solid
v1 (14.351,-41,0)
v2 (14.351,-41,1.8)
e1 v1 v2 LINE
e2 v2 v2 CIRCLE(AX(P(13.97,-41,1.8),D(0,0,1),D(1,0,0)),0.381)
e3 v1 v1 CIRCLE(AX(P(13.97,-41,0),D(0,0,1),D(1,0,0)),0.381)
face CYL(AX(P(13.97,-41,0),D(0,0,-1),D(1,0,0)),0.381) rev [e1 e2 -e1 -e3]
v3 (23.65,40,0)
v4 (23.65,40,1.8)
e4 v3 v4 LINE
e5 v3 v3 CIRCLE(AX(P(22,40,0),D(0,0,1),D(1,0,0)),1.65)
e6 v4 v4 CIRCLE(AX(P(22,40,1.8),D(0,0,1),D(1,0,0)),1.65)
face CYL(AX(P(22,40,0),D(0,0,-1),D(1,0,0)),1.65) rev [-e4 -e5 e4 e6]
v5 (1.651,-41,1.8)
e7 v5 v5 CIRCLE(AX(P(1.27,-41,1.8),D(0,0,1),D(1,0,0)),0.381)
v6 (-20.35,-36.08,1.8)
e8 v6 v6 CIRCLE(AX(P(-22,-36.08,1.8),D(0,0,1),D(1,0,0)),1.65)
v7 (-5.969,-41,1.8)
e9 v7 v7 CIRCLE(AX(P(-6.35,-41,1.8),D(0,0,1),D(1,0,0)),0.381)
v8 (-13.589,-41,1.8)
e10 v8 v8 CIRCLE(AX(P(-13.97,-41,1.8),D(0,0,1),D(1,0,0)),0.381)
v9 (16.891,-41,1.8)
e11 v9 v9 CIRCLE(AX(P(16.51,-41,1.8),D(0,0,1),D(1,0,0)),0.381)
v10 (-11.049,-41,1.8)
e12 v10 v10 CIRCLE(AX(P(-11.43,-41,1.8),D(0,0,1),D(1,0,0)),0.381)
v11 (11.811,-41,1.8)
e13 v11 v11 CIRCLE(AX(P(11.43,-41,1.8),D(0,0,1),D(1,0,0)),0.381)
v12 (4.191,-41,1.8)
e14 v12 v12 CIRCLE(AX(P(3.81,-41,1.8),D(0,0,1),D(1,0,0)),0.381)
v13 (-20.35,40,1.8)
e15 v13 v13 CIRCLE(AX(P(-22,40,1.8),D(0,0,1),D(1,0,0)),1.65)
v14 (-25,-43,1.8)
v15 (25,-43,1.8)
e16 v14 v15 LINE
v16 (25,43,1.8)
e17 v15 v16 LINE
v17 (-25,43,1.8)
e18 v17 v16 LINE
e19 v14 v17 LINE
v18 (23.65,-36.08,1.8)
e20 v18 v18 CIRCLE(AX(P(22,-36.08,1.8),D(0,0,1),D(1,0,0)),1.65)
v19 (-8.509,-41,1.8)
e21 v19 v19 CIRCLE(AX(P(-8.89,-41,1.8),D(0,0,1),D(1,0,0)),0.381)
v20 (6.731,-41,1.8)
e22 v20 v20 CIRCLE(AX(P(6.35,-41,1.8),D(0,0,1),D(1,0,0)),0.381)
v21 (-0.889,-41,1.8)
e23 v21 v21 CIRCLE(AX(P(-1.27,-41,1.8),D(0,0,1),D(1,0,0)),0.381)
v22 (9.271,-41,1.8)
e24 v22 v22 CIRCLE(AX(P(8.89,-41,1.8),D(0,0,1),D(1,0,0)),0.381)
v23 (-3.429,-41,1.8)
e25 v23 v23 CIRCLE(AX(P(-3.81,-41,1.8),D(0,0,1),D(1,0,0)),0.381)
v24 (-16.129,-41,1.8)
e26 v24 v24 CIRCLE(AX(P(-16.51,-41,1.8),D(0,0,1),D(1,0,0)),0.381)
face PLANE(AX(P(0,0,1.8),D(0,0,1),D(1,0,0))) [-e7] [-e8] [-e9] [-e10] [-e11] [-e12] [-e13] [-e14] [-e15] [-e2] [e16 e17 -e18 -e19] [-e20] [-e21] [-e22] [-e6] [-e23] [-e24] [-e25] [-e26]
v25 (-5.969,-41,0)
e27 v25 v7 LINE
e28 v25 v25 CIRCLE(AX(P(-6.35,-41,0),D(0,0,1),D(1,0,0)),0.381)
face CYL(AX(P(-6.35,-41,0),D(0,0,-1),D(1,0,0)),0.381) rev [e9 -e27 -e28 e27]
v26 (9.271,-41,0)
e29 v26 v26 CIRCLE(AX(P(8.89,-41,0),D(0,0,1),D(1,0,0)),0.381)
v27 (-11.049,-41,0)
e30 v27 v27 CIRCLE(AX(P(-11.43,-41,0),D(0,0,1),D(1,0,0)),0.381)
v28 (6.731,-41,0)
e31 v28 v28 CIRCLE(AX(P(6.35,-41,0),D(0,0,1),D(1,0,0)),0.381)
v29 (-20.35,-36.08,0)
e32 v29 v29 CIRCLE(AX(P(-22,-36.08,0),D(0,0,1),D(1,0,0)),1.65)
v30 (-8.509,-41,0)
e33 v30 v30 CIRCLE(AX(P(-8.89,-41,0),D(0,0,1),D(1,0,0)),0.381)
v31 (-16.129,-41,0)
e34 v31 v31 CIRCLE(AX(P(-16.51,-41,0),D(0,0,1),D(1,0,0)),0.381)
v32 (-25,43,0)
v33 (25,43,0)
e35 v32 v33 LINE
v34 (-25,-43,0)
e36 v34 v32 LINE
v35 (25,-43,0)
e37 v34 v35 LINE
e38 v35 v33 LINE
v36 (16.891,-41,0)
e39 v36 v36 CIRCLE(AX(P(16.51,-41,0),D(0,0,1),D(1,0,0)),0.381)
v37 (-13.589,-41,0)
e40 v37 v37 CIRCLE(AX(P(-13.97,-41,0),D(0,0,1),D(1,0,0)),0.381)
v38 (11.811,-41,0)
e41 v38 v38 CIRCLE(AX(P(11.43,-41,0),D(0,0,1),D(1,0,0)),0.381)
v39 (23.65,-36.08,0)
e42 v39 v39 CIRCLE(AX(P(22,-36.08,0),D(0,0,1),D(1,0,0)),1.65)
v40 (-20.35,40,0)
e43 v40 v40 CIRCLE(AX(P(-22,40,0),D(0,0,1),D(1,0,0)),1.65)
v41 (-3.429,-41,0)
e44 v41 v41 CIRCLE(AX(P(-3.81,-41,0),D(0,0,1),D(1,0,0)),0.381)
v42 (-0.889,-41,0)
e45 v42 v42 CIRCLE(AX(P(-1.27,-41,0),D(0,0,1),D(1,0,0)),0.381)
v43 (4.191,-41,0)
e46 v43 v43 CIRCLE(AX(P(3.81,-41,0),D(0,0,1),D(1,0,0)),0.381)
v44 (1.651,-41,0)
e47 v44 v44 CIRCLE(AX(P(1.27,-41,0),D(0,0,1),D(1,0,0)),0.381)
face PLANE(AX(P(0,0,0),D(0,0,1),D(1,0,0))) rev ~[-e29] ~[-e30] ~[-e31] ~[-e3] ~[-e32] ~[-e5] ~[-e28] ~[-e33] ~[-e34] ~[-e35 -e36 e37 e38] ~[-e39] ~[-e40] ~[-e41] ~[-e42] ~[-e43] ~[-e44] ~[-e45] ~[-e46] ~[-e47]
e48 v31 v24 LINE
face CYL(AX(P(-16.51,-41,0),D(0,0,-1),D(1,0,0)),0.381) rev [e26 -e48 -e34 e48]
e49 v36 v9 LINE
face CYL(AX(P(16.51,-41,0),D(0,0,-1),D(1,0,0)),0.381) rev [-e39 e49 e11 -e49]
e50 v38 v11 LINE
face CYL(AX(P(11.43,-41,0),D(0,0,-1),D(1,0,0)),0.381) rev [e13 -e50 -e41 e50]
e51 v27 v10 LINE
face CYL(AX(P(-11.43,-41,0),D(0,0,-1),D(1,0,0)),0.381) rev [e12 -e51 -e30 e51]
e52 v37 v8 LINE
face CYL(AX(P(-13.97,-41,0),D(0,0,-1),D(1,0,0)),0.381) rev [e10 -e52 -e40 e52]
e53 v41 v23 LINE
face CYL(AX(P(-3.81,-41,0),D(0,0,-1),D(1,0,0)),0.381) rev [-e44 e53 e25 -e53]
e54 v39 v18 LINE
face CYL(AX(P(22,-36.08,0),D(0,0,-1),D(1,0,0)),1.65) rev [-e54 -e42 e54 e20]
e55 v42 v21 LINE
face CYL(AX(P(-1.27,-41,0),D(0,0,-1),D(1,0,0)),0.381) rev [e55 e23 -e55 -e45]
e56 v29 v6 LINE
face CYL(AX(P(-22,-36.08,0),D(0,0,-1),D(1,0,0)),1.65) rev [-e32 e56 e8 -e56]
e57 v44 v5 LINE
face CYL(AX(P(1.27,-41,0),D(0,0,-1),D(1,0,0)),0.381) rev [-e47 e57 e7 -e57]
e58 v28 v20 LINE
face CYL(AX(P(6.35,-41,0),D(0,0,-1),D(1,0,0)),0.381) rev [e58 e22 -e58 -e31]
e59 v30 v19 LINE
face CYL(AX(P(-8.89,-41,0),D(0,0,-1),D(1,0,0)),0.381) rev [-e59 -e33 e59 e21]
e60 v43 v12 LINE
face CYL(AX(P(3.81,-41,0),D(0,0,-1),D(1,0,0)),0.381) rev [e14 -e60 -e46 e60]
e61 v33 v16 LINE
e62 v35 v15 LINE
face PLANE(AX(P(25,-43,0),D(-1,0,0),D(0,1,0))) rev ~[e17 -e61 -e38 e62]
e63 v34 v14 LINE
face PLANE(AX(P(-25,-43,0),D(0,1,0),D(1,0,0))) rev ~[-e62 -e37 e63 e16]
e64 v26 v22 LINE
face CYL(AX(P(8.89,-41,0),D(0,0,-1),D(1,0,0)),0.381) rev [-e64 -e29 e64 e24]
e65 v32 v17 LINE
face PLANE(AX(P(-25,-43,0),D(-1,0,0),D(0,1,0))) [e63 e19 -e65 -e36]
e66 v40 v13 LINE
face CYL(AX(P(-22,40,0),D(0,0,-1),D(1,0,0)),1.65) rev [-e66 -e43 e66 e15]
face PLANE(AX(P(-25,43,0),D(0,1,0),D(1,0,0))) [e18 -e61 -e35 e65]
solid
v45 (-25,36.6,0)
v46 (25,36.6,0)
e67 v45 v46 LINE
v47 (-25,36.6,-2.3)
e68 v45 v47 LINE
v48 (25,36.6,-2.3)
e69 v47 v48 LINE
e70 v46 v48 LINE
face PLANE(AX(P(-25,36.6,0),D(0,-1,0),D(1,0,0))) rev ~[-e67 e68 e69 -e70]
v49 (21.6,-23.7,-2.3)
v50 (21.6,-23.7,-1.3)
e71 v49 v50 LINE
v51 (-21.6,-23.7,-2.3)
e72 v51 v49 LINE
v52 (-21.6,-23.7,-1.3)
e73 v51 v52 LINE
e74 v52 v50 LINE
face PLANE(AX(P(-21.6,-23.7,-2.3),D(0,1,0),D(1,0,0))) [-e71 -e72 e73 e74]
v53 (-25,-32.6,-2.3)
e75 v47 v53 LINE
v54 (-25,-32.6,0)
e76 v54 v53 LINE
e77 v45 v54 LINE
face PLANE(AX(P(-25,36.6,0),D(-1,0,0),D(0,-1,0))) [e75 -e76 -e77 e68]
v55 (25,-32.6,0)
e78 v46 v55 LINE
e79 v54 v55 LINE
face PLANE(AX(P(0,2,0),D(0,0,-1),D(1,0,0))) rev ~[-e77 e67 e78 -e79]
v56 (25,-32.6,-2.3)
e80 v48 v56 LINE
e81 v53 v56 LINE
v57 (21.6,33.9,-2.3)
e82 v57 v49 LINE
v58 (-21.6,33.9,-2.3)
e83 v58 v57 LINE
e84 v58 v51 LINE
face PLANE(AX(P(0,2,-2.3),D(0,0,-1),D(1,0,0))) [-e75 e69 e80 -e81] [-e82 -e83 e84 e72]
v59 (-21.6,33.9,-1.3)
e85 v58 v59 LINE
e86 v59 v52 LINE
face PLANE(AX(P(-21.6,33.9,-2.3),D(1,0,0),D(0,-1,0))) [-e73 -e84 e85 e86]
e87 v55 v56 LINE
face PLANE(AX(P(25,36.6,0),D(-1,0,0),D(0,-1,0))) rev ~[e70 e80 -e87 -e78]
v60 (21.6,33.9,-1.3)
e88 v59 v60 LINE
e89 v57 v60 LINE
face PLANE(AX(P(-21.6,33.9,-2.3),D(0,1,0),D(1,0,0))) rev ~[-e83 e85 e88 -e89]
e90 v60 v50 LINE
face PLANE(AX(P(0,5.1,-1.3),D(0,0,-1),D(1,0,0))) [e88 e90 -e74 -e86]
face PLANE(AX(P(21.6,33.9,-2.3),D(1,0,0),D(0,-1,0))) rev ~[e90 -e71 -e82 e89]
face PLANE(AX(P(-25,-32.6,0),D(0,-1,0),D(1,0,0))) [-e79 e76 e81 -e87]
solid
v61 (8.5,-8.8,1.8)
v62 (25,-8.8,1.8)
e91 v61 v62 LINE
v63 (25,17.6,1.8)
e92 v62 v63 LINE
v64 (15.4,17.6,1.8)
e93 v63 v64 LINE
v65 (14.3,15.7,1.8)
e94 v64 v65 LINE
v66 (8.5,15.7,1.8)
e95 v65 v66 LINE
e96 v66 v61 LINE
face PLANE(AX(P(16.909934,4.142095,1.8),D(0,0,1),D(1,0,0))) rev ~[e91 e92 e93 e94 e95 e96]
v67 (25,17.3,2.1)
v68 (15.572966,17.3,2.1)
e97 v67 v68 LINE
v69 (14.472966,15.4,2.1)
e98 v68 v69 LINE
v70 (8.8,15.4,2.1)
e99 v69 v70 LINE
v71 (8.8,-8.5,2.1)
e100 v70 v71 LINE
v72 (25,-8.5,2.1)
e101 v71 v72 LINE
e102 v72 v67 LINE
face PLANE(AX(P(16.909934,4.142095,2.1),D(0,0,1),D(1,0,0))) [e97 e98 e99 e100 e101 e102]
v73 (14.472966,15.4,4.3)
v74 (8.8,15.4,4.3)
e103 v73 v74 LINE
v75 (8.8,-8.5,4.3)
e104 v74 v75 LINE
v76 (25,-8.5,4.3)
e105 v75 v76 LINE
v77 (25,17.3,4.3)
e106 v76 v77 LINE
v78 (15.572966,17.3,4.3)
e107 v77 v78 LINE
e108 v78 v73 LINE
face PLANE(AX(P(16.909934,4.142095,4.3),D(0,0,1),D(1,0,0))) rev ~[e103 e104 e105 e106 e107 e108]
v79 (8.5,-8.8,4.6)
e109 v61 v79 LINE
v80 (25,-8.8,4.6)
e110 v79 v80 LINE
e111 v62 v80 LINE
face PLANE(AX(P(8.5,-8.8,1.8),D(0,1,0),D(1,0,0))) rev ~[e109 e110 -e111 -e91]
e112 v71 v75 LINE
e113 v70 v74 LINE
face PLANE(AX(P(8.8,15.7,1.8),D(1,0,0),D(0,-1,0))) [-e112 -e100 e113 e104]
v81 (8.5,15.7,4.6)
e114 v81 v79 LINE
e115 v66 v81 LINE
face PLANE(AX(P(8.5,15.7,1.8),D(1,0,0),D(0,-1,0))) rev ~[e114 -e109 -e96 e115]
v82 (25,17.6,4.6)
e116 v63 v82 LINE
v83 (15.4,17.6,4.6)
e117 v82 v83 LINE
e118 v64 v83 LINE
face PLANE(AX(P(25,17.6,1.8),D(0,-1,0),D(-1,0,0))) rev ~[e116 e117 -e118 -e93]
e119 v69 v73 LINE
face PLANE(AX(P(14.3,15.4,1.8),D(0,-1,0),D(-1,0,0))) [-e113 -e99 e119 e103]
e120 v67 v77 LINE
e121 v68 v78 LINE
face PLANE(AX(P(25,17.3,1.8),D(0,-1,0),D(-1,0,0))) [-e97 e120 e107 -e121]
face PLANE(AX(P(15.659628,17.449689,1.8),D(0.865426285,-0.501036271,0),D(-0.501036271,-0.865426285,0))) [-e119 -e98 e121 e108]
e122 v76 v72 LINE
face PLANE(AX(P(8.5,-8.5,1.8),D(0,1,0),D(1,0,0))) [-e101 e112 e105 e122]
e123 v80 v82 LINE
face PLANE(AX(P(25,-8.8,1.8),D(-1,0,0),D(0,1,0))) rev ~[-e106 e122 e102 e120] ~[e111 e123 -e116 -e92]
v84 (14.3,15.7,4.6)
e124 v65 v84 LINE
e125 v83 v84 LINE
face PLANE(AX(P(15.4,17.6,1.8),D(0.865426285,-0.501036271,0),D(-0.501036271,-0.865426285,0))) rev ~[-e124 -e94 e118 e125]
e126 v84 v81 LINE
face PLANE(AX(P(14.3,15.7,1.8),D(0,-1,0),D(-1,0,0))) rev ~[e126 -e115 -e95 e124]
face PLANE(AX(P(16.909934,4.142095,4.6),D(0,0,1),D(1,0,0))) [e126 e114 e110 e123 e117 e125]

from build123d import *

# Parameters (mm, degrees)
F0_W     = 50
F0_H     = 86
F0_R     = 1.65
F0_R_2   = 0.381
F1_DEPTH = 1.8
F2_W     = 50
F2_H     = 69.2
F3_DEPTH = 2.3
F4_W     = 43.2
F4_H     = 57.6
F5_DEPTH = 1
F7_DEPTH = 2.8
F8_T     = -0.3


with BuildPart() as f1:
    # F0 (on Top) → F1 (new body)
    with BuildSketch(Plane.XY):
        Rectangle(F0_W, F0_H)
        with Locations((-22, -36.08)):
            Circle(F0_R, mode=Mode.SUBTRACT)
        with Locations((-16.51, -41)):
            Circle(F0_R_2, mode=Mode.SUBTRACT)
        with Locations((-13.97, -41)):
            Circle(F0_R_2, mode=Mode.SUBTRACT)
        with Locations((-11.43, -41)):
            Circle(F0_R_2, mode=Mode.SUBTRACT)
        with Locations((-8.89, -41)):
            Circle(F0_R_2, mode=Mode.SUBTRACT)
        with Locations((-6.35, -41)):
            Circle(F0_R_2, mode=Mode.SUBTRACT)
        with Locations((-3.81, -41)):
            Circle(F0_R_2, mode=Mode.SUBTRACT)
        with Locations((-1.27, -41)):
            Circle(F0_R_2, mode=Mode.SUBTRACT)
        with Locations((1.27, -41)):
            Circle(F0_R_2, mode=Mode.SUBTRACT)
        with Locations((3.81, -41)):
            Circle(F0_R_2, mode=Mode.SUBTRACT)
        with Locations((6.35, -41)):
            Circle(F0_R_2, mode=Mode.SUBTRACT)
        with Locations((8.89, -41)):
            Circle(F0_R_2, mode=Mode.SUBTRACT)
        with Locations((11.43, -41)):
            Circle(F0_R_2, mode=Mode.SUBTRACT)
        with Locations((13.97, -41)):
            Circle(F0_R_2, mode=Mode.SUBTRACT)
        with Locations((16.51, -41)):
            Circle(F0_R_2, mode=Mode.SUBTRACT)
        with Locations((22, -36.08)):
            Circle(F0_R, mode=Mode.SUBTRACT)
        with Locations((-22, 40)):
            Circle(F0_R, mode=Mode.SUBTRACT)
        with Locations((22, 40)):
            Circle(F0_R, mode=Mode.SUBTRACT)
    extrude(amount=F1_DEPTH)


with BuildPart() as f3:
    # F2 (on face) → F3 (new body)
    with BuildSketch(Plane(origin=(0, 0, 0), x_dir=(1, 0, 0), z_dir=(0, 0, -1))):
        with Locations((0, -2)):
            Rectangle(F2_W, F2_H)
    extrude(amount=F3_DEPTH)

    # F4 (on face) → F5 (cut)
    with BuildSketch(Plane(origin=(0, 0, -2.3), x_dir=(1, 0, 0), z_dir=(0, 0, -1))):
        with Locations((0, -5.1)):
            Rectangle(F4_W, F4_H)
    extrude(amount=-F5_DEPTH, mode=Mode.SUBTRACT)


with BuildPart() as f7:
    # F6 (on face) → F7 (new body)
    with BuildSketch(Plane.XY.offset(1.8)):
        Polygon((14.3, 15.7), (8.5, 15.7), (8.5, -8.8), (25, -8.8), (25, 17.6), (15.4, 17.6), align=None)
    extrude(amount=F7_DEPTH)

    # F8
    f8_openings = [f7.faces().sort_by_distance(p)[0] for p in [
        (25, 4.4, 3.2),
    ]]
    offset(amount=F8_T, openings=f8_openings, kind=Kind.INTERSECTION)


solid = Compound([f1.part, f3.part, f7.part])
